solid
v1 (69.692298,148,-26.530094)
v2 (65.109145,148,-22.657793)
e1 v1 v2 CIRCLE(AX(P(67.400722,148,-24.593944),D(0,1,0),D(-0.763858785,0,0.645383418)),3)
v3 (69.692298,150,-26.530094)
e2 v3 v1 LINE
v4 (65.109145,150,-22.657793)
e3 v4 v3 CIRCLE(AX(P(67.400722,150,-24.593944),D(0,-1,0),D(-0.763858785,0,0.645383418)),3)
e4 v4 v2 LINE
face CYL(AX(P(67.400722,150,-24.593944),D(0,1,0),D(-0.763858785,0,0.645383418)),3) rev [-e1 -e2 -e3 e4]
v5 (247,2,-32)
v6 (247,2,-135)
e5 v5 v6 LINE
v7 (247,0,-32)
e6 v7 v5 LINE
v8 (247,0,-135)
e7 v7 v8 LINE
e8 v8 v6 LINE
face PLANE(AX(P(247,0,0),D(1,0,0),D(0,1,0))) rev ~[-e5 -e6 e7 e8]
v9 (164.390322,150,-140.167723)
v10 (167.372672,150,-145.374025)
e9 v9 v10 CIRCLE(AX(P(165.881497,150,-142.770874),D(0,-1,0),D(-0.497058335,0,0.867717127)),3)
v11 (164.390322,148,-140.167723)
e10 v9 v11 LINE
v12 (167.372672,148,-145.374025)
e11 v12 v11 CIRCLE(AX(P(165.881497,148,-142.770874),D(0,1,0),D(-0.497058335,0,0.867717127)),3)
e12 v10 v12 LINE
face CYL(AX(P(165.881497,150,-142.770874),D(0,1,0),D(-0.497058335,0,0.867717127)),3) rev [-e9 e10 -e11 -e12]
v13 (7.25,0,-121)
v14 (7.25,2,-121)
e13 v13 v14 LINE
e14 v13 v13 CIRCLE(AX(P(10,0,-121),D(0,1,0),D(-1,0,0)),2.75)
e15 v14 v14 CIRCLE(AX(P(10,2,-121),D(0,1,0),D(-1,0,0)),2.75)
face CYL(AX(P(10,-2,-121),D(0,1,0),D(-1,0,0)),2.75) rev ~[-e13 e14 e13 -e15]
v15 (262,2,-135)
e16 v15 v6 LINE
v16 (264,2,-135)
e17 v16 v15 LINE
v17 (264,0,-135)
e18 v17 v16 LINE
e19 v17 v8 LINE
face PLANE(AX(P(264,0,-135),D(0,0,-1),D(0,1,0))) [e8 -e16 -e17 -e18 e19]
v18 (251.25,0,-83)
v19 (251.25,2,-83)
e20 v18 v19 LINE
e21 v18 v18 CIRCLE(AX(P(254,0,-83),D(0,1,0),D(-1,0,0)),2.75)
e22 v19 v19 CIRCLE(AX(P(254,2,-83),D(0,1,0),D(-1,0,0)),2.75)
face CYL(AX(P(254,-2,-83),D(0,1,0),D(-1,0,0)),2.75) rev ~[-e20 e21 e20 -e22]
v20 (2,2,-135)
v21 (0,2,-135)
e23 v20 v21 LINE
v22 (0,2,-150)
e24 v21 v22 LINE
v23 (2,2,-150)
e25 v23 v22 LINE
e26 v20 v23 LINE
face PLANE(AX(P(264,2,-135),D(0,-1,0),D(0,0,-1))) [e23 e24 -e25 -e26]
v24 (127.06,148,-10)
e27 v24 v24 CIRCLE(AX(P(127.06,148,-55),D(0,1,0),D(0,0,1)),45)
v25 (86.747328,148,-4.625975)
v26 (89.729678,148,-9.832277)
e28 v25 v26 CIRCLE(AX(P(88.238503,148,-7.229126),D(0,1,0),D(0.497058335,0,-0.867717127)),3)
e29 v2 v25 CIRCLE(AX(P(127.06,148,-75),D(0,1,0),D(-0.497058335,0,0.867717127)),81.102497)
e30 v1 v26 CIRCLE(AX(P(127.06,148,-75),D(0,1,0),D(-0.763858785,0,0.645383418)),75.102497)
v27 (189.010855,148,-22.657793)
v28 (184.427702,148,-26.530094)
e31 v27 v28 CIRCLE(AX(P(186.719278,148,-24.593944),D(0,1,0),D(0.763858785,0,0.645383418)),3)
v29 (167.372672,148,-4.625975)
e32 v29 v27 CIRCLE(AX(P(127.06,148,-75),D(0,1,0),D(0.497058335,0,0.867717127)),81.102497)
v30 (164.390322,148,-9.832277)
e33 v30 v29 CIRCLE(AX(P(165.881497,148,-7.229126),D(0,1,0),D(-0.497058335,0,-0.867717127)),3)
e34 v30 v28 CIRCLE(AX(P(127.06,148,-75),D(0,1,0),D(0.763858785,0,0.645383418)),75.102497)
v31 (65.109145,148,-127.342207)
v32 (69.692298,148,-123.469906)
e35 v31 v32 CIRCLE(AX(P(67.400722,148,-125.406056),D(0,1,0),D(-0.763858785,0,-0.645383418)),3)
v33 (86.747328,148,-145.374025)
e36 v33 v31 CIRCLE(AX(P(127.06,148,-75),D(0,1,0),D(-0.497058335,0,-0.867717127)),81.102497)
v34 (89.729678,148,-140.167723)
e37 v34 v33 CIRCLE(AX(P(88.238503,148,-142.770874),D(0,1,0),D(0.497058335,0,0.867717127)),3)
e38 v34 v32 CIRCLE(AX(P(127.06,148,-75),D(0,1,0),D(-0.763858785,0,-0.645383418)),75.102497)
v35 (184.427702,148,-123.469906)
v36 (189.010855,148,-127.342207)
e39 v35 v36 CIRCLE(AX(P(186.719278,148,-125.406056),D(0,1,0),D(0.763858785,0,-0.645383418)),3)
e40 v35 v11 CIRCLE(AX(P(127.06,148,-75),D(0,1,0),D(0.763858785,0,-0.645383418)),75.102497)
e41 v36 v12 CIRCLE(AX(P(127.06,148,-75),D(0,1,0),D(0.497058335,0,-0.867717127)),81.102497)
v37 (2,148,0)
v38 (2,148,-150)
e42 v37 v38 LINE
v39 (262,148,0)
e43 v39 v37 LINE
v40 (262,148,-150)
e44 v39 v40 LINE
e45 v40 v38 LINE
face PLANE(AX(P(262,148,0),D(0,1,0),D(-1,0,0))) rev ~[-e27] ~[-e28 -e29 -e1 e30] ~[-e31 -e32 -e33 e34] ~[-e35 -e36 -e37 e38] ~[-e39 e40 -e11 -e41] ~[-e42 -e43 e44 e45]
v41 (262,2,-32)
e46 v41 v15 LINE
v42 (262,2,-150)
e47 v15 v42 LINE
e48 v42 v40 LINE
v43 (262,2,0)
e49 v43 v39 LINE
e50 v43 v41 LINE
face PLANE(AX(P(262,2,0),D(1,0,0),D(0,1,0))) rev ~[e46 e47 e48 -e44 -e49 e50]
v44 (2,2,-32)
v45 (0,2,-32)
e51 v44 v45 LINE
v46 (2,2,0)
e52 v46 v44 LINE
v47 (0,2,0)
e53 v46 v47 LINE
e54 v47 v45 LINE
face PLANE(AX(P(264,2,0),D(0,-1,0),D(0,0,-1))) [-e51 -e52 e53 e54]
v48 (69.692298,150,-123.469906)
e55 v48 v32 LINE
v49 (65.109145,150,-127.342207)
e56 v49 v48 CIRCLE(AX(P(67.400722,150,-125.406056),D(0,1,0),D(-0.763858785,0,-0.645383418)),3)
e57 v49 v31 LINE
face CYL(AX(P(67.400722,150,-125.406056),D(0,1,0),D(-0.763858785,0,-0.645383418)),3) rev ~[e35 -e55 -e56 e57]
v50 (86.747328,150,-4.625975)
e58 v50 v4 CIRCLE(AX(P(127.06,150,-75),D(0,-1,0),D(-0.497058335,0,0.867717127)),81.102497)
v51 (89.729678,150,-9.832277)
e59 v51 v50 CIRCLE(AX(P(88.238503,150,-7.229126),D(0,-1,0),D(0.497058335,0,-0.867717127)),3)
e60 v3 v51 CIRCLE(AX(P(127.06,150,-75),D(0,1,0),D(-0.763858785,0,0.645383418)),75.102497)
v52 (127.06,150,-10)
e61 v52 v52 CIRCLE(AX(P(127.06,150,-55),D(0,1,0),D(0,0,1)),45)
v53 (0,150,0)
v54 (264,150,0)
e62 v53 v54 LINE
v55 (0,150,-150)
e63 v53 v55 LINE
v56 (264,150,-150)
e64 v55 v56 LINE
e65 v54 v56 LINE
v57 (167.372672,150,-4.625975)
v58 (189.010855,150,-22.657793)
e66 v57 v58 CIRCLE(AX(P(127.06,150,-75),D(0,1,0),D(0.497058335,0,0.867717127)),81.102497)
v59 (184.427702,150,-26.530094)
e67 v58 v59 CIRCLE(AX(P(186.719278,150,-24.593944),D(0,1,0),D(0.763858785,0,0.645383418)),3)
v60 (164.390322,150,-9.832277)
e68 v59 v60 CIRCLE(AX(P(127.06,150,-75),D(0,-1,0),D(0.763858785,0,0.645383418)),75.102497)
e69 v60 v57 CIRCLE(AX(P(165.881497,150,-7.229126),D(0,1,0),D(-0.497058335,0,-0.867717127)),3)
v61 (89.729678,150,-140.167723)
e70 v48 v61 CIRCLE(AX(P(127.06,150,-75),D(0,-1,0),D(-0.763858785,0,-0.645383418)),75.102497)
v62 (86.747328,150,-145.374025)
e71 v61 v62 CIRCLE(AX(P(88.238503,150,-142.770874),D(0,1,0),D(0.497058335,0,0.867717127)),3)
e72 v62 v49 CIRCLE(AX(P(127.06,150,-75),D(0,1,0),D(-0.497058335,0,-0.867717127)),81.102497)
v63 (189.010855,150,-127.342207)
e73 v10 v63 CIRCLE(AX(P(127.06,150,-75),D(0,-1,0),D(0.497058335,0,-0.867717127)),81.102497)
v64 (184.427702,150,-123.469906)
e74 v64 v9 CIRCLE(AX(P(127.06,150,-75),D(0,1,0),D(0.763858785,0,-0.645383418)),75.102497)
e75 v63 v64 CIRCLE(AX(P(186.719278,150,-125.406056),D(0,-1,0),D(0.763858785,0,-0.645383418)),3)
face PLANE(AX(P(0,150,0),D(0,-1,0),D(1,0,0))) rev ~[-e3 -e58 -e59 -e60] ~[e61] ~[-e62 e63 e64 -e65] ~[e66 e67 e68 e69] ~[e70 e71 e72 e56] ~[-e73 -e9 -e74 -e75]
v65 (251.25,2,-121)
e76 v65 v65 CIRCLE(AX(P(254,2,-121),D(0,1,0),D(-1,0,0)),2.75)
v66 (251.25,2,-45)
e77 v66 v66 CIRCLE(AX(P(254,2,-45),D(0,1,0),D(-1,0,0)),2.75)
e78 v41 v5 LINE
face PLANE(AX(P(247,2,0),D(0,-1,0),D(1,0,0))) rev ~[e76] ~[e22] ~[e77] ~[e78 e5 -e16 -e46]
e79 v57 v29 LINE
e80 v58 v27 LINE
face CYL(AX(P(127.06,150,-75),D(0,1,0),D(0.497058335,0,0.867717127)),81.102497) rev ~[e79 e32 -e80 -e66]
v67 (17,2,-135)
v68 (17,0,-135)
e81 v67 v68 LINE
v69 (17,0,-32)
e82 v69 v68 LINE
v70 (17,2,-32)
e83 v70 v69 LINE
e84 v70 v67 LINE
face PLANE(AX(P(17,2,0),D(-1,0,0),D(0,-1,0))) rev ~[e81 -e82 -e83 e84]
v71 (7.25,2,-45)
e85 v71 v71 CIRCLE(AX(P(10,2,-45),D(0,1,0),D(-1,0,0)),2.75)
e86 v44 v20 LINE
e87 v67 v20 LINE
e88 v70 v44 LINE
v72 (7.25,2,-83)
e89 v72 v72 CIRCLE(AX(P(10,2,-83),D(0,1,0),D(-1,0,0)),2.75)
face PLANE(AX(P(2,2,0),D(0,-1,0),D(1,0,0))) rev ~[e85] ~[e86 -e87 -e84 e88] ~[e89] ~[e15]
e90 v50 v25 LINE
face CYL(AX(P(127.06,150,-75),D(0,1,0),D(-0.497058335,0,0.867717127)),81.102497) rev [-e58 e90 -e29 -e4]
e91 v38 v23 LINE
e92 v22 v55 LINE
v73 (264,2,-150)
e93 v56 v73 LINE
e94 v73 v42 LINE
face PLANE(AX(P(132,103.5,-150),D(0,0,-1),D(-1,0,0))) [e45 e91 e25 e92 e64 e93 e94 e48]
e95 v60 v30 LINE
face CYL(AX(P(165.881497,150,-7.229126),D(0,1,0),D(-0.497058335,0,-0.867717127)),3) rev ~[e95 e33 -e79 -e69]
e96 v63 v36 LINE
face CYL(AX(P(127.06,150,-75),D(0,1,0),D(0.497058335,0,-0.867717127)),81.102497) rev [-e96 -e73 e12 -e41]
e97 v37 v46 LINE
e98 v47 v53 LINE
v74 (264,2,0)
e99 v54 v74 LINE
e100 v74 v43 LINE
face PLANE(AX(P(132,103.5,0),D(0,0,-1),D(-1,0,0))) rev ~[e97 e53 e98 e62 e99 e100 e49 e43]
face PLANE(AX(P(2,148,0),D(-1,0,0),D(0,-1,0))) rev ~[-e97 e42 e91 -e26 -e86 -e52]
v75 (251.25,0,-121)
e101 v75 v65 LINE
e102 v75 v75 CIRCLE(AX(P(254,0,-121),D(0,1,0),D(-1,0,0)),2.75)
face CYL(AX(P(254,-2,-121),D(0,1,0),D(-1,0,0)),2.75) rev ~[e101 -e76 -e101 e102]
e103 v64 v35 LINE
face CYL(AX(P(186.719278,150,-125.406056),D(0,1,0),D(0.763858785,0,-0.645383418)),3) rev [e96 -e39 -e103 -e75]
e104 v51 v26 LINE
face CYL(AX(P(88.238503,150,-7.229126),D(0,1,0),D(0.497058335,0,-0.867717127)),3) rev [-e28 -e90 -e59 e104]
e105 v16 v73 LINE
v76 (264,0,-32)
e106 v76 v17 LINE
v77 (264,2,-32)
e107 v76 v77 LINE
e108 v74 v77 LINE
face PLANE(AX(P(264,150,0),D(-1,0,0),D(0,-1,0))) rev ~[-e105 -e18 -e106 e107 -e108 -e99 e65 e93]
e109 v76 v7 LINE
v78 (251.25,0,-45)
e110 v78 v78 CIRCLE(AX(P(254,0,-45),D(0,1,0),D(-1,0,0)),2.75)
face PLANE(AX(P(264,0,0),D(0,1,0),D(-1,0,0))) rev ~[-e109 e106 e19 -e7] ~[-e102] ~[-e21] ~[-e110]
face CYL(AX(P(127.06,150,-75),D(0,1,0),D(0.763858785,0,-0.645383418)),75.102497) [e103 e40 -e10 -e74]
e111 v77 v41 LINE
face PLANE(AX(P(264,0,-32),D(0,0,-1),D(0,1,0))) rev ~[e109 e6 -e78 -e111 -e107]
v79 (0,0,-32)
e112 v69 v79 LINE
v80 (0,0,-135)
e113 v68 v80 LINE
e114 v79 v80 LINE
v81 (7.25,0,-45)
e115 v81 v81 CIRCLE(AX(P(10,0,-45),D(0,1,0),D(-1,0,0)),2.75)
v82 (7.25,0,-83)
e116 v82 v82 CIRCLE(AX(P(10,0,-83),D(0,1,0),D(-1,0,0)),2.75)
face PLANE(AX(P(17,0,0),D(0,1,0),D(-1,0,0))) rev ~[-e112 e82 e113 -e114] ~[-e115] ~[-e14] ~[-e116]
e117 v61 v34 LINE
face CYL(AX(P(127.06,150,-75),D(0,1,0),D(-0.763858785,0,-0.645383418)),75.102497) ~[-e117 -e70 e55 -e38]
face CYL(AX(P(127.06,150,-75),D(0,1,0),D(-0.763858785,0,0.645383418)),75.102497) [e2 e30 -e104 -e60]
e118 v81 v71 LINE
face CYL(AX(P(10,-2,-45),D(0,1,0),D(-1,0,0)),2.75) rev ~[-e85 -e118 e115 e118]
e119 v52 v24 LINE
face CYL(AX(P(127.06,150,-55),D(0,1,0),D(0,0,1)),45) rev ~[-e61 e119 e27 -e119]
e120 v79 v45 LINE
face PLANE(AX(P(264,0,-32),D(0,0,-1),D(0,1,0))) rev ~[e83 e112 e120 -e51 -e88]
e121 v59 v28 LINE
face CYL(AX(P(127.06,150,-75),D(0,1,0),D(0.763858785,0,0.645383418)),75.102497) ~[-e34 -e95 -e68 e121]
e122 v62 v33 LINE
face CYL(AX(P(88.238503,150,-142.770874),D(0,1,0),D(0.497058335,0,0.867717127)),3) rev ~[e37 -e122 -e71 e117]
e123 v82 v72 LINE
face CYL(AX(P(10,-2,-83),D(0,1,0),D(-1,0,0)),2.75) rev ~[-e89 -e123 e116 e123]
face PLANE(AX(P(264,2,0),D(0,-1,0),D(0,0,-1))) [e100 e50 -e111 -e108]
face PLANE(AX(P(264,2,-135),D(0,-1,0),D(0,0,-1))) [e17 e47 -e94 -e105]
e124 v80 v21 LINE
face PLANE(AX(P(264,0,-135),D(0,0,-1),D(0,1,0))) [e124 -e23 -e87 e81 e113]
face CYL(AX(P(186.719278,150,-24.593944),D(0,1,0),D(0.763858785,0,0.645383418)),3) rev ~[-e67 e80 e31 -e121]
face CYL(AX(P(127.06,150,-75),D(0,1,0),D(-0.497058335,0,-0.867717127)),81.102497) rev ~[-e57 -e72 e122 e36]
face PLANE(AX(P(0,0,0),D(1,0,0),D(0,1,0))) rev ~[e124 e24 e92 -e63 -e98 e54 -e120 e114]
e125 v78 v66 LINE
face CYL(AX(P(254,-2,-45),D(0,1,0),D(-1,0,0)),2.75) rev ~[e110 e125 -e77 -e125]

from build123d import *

# Parameters (mm, degrees)
BOSS_EXTRUDE1_DEPTH      = 150
CUT_EXTRUDE1_REACH       = 152
SKETCH3_R                = 45
CUT_EXTRUDE2_DEPTH       = 100
M5_CLEARANCE_HOLE1_D     = 5.5
M5_CLEARANCE_HOLE1_DEPTH = 2
SKETCH7_W                = 32
SKETCH7_H                = 2
SKETCH7_W_2              = 15
CUT_EXTRUDE3_DEPTH       = 265


with BuildPart() as part:
    # Sketch1 → Boss-Extrude1 (new body)
    with BuildSketch(Plane.XY):
        Polygon((0, 0), (0, 150), (264, 150), (264, 0), (247, 0), (247, 2), (262, 2), (262, 148), (2, 148), (2, 2), (17, 2), (17, 0), align=None)
    extrude(amount=-BOSS_EXTRUDE1_DEPTH)

    # Sketch2 → Cut-Extrude1 (cut, up to next)
    with BuildSketch(Plane(origin=(0, 150, 0), x_dir=(1, 0, 0), z_dir=(0, 1, 0)), mode=Mode.PRIVATE) as cut_extrude1_sk1:
        with BuildLine():
            ThreePointArc((86.747328005, 145.374025445), (75.139446801, 137.30466384), (65.109145333, 127.342206552))
            ThreePointArc((65.109145333, 127.342206552), (65.464571436, 123.114479942), (69.692298045, 123.469906045))
            ThreePointArc((69.692298045, 123.469906045), (78.980553199, 132.695336162), (89.729678014, 140.167722686))
            ThreePointArc((89.729678014, 140.167722686), (90.841654389, 144.26204907), (86.747328005, 145.374025445))
        make_face()
    cut_extrude1_tool1 = extrude(cut_extrude1_sk1.sketch, amount=-CUT_EXTRUDE1_REACH, mode=Mode.PRIVATE) & part.part
    add(cut_extrude1_tool1.solids().sort_by_distance((77.388056, 150, -134.606333))[0], mode=Mode.SUBTRACT)
    # Sketch2 → Cut-Extrude1 (cut, up to next)
    with BuildSketch(Plane(origin=(0, 150, 0), x_dir=(1, 0, 0), z_dir=(0, 1, 0)), mode=Mode.PRIVATE) as cut_extrude1_sk2:
        with BuildLine():
            ThreePointArc((164.390321986, 140.167722686), (163.278345611, 144.26204907), (167.372671995, 145.374025445))
            ThreePointArc((167.372671995, 145.374025445), (178.980553199, 137.30466384), (189.010854667, 127.342206552))
            ThreePointArc((189.010854667, 127.342206552), (188.655428564, 123.114479942), (184.427701955, 123.469906045))
            ThreePointArc((184.427701955, 123.469906045), (175.139446801, 132.695336162), (164.390321986, 140.167722686))
        make_face()
    cut_extrude1_tool2 = extrude(cut_extrude1_sk2.sketch, amount=-CUT_EXTRUDE1_REACH, mode=Mode.PRIVATE) & part.part
    add(cut_extrude1_tool2.solids().sort_by_distance((176.731944, 150, -134.606333))[0], mode=Mode.SUBTRACT)
    # Sketch2 → Cut-Extrude1 (cut, up to next)
    with BuildSketch(Plane(origin=(0, 150, 0), x_dir=(1, 0, 0), z_dir=(0, 1, 0)), mode=Mode.PRIVATE) as cut_extrude1_sk3:
        with BuildLine():
            ThreePointArc((167.372671995, 4.625974555), (178.980553199, 12.69533616), (189.010854667, 22.657793448))
            ThreePointArc((189.010854667, 22.657793448), (188.655428564, 26.885520058), (184.427701955, 26.530093955))
            ThreePointArc((184.427701955, 26.530093955), (175.139446801, 17.304663838), (164.390321986, 9.832277314))
            ThreePointArc((164.390321986, 9.832277314), (163.278345611, 5.73795093), (167.372671995, 4.625974555))
        make_face()
    cut_extrude1_tool3 = extrude(cut_extrude1_sk3.sketch, amount=-CUT_EXTRUDE1_REACH, mode=Mode.PRIVATE) & part.part
    add(cut_extrude1_tool3.solids().sort_by_distance((176.731944, 150, -15.393667))[0], mode=Mode.SUBTRACT)
    # Sketch2 → Cut-Extrude1 (cut, up to next)
    with BuildSketch(Plane(origin=(0, 150, 0), x_dir=(1, 0, 0), z_dir=(0, 1, 0)), mode=Mode.PRIVATE) as cut_extrude1_sk4:
        with BuildLine():
            ThreePointArc((89.729678014, 9.832277314), (90.841654389, 5.73795093), (86.747328005, 4.625974555))
            ThreePointArc((86.747328005, 4.625974555), (75.139446801, 12.69533616), (65.109145333, 22.657793448))
            ThreePointArc((65.109145333, 22.657793448), (65.464571436, 26.885520058), (69.692298045, 26.530093955))
            ThreePointArc((69.692298045, 26.530093955), (78.980553199, 17.304663838), (89.729678014, 9.832277314))
        make_face()
    cut_extrude1_tool4 = extrude(cut_extrude1_sk4.sketch, amount=-CUT_EXTRUDE1_REACH, mode=Mode.PRIVATE) & part.part
    add(cut_extrude1_tool4.solids().sort_by_distance((77.388056, 150, -15.393667))[0], mode=Mode.SUBTRACT)

    # Sketch3 → Cut-Extrude2 (cut)
    with BuildSketch(Plane(origin=(0, 150, 0), x_dir=(1, 0, 0), z_dir=(0, 1, 0))):
        with Locations(Location((127.06, 55, 0), (0, 0, 270))):  # turned: the seam where the file's is
            Circle(SKETCH3_R)
    extrude(amount=-CUT_EXTRUDE2_DEPTH, mode=Mode.SUBTRACT)

    # M5 Clearance Hole1
    with Locations(Plane.XZ):
        with Locations((10, -45), (10, -121), (10, -83), (254, -83), (254, -121), (254, -45)):
            Hole(M5_CLEARANCE_HOLE1_D / 2, depth=M5_CLEARANCE_HOLE1_DEPTH)

    # Sketch7 → Cut-Extrude3 (cut, through all)
    with BuildSketch(Plane(origin=(264, 0, 0), x_dir=(0, 0, -1), z_dir=(1, 0, 0))):
        with Locations((16, 1)):
            Rectangle(SKETCH7_W, SKETCH7_H)
        with Locations((142.5, 1)):
            Rectangle(SKETCH7_W_2, SKETCH7_H)
    extrude(amount=-CUT_EXTRUDE3_DEPTH, mode=Mode.SUBTRACT)


solid = part.part
